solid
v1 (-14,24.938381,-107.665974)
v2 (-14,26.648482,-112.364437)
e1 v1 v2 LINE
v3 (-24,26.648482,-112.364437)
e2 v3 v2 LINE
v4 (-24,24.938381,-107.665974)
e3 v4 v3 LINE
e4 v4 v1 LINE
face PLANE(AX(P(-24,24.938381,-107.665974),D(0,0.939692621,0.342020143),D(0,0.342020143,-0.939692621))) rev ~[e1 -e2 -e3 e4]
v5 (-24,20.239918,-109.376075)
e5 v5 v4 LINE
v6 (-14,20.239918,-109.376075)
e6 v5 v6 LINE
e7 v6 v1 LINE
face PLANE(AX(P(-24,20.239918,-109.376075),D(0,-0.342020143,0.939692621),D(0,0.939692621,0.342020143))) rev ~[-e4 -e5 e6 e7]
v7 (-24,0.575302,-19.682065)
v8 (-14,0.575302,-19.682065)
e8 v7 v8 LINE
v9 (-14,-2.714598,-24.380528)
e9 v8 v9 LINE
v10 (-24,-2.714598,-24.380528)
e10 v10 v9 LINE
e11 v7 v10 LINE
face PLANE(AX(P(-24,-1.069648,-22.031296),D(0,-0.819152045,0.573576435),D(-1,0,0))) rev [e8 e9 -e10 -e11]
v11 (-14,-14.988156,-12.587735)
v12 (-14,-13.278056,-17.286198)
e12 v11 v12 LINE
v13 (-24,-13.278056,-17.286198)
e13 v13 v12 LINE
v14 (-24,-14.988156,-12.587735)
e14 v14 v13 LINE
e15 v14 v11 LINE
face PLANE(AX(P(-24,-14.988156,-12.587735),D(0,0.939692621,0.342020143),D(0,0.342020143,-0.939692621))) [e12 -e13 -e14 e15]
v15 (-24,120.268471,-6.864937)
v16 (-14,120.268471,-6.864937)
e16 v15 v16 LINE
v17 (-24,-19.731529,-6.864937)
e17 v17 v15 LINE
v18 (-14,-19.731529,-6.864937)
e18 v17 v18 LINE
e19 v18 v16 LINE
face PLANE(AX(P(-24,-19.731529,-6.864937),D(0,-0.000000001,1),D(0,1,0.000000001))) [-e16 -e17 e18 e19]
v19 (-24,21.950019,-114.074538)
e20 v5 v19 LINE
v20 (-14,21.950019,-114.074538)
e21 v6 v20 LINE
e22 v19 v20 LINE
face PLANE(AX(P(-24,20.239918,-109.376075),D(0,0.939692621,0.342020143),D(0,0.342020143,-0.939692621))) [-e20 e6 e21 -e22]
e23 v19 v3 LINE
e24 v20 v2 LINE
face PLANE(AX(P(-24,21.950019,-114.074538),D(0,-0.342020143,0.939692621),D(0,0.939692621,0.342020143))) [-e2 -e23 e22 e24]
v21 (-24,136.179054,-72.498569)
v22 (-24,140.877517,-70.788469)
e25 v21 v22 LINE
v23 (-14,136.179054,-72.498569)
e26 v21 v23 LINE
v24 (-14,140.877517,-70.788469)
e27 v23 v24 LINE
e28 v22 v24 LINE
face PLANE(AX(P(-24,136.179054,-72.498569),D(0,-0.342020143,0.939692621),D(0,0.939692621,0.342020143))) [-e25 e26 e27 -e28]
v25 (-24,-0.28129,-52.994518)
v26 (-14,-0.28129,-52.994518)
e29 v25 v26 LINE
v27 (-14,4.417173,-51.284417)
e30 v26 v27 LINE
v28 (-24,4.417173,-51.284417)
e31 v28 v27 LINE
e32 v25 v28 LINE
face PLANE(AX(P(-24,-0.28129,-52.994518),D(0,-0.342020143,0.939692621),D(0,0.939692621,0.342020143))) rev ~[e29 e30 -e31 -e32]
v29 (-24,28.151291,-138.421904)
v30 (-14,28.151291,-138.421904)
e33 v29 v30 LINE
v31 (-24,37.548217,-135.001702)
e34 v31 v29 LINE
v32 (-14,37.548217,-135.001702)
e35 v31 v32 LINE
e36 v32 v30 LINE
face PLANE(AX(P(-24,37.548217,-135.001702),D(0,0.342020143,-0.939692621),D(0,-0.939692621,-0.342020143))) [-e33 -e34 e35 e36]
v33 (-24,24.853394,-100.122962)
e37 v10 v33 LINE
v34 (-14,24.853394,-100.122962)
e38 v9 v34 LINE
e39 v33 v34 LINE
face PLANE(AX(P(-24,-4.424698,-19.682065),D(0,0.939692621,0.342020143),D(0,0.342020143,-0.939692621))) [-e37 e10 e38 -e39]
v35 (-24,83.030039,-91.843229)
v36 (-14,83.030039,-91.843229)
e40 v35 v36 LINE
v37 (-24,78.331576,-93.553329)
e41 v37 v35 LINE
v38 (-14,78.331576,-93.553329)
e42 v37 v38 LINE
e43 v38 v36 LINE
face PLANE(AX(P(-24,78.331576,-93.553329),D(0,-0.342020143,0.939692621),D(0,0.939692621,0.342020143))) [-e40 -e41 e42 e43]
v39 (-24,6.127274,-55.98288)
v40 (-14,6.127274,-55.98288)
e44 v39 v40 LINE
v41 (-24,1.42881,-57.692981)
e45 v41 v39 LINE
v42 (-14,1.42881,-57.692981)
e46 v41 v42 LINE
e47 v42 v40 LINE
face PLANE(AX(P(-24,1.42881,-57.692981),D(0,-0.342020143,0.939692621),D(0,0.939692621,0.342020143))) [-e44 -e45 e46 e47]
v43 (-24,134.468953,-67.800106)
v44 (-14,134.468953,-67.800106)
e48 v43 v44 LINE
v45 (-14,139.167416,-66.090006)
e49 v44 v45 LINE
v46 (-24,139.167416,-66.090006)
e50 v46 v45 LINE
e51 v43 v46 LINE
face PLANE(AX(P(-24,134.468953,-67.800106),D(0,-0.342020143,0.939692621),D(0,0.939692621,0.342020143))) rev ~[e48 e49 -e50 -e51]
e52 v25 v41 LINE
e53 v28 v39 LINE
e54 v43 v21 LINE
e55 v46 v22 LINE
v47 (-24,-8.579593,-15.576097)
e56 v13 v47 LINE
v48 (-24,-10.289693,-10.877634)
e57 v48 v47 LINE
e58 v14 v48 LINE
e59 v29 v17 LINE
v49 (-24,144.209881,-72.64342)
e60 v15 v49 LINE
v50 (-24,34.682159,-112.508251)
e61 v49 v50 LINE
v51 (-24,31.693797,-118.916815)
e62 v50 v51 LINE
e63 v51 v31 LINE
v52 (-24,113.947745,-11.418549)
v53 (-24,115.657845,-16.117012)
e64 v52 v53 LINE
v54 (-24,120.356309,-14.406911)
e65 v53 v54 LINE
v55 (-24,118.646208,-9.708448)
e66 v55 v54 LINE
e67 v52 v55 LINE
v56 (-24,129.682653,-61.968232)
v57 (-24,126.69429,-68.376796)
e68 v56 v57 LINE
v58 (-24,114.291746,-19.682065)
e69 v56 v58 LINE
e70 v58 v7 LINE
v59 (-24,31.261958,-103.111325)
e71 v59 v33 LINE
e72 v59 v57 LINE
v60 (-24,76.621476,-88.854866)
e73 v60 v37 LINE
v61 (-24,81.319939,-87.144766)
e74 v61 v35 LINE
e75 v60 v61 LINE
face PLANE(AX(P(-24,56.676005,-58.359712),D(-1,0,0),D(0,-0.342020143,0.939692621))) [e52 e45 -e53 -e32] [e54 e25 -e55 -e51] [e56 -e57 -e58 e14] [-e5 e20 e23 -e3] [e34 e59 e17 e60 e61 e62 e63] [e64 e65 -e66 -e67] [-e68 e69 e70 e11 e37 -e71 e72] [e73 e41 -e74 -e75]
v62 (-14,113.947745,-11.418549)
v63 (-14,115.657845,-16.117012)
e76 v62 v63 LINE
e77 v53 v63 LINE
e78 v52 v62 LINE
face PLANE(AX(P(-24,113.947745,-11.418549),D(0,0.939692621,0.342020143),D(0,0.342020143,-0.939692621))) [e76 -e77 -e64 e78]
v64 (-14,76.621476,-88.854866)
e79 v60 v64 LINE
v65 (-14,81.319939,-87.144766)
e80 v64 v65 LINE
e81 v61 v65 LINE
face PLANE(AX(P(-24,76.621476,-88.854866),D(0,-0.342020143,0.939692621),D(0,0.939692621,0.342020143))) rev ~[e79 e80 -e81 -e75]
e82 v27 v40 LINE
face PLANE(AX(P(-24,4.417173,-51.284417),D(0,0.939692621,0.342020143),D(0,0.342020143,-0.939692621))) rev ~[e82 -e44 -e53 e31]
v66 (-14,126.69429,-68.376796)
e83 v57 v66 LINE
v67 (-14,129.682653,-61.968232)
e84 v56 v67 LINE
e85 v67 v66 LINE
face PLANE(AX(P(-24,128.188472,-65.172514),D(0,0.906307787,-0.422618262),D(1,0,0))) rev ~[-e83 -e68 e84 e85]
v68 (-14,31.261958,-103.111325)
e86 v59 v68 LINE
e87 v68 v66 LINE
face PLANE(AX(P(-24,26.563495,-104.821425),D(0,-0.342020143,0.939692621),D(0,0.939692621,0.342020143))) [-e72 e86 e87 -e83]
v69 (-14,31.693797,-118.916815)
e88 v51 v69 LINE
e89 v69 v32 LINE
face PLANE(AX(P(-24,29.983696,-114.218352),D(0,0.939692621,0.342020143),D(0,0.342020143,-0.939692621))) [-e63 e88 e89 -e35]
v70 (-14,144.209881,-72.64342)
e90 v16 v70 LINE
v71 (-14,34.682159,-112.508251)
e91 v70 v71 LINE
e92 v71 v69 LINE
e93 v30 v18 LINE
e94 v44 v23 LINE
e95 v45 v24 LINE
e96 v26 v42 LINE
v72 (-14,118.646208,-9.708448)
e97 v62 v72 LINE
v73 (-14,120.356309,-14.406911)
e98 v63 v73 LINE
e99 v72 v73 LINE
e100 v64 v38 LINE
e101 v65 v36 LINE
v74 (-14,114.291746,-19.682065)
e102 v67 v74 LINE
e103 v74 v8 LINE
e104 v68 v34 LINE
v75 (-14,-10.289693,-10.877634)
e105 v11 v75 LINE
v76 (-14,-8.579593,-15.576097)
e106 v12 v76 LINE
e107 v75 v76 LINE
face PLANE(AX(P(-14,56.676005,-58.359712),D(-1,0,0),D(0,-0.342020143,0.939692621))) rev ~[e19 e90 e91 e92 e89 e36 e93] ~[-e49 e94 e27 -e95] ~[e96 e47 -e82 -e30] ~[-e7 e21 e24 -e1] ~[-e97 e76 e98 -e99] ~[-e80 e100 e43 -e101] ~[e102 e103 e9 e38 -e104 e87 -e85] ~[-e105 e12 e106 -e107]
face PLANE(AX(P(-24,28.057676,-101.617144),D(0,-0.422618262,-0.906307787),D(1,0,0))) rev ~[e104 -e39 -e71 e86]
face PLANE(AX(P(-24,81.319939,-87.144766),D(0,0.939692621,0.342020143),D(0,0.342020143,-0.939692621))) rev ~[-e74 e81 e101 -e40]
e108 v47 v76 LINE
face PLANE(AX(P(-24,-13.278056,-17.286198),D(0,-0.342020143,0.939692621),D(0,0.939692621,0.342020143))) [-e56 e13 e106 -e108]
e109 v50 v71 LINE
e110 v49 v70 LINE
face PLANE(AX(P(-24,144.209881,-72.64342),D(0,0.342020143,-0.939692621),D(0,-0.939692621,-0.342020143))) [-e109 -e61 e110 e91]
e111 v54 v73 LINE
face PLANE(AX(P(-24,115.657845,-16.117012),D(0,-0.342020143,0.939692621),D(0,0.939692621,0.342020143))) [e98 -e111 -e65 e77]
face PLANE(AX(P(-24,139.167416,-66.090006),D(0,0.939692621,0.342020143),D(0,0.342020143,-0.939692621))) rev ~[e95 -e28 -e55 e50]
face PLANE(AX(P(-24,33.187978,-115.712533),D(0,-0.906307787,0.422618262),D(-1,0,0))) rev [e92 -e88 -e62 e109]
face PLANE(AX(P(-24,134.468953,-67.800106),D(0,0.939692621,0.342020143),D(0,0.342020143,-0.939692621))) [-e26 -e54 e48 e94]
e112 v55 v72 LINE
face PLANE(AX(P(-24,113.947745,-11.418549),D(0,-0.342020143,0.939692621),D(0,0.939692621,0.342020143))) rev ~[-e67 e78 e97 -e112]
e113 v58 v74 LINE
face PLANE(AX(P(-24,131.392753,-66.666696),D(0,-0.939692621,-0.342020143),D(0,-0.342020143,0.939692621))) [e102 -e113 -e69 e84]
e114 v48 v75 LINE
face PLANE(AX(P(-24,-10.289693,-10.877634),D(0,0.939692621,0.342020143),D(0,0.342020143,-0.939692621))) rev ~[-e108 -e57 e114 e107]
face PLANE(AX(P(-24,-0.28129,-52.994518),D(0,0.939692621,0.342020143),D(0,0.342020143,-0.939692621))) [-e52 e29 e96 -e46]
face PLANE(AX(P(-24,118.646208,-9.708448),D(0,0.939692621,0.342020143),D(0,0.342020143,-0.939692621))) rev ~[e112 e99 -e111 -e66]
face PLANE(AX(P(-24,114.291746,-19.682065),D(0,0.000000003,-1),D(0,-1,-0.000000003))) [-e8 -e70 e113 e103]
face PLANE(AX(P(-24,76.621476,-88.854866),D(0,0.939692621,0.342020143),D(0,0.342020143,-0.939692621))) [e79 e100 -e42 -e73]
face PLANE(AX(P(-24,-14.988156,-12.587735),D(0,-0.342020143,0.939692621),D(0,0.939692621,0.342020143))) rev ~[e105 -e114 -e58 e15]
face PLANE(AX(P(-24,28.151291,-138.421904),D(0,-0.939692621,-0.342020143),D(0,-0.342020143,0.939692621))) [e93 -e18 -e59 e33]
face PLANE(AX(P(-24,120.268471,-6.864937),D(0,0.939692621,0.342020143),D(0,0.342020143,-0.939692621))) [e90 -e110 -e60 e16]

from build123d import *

# Parameters (mm, degrees)
PAD016_DEPTH            = 10
SKETCH029_W             = 5
SKETCH029_H             = 5
POCKET013_DEPTH         = 10
CHAMFER_SIZE            = 5
BODY008_PLACEMENT_ANGLE = 70


with BuildPart() as part:
    # Sketch030 → Pad016 (new body)
    with BuildSketch(Plane.YZ):
        Polygon((0, 0), (47.88282, 131.556967), (117.88282, 131.556967), (117.88282, 10), (140, 10), (140, 0), align=None)
        Polygon((57.88282, 121.556967), (17.279405, 10), (107.88282, 10), (107.88282, 121.556967), align=None, mode=Mode.SUBTRACT)
    extrude(amount=PAD016_DEPTH)

    # Sketch029 → Pocket013 (cut)
    with BuildSketch(Plane.YZ):
        with Locations((112.5, 5)):
            Rectangle(SKETCH029_W, SKETCH029_H)
        with Locations((9.5, 5)):
            Rectangle(SKETCH029_W, SKETCH029_H)
        with Locations((52.5, 126.56)):
            Rectangle(SKETCH029_W, SKETCH029_H)
        with Locations((112.5, 126.56)):
            Rectangle(SKETCH029_W, SKETCH029_H)
        with Locations((52.5, 5)):
            Rectangle(SKETCH029_W, SKETCH029_H)
        with Locations((112.5, 65)):
            Rectangle(SKETCH029_W, SKETCH029_H)
    extrude(amount=POCKET013_DEPTH, mode=Mode.SUBTRACT)

    # Chamfer
    chamfer_edges = [part.edges().sort_by_distance(p)[0] for p in [
        (5, 117.88282, 10),
        (5, 107.88282, 10),
        (5, 107.88282, 121.556967),
        (5, 17.279405, 10),
    ]]
    chamfer(chamfer_edges, length=CHAMFER_SIZE)


with BuildPart() as part_1:
    # Body008 placement: moved
    add(part.part.moved(Location((-24, -19.731529, -6.864937))).rotate(Axis((-24, -19.731529, -6.864937), (-1, 0, 0)), BODY008_PLACEMENT_ANGLE))


solid = part_1.part
